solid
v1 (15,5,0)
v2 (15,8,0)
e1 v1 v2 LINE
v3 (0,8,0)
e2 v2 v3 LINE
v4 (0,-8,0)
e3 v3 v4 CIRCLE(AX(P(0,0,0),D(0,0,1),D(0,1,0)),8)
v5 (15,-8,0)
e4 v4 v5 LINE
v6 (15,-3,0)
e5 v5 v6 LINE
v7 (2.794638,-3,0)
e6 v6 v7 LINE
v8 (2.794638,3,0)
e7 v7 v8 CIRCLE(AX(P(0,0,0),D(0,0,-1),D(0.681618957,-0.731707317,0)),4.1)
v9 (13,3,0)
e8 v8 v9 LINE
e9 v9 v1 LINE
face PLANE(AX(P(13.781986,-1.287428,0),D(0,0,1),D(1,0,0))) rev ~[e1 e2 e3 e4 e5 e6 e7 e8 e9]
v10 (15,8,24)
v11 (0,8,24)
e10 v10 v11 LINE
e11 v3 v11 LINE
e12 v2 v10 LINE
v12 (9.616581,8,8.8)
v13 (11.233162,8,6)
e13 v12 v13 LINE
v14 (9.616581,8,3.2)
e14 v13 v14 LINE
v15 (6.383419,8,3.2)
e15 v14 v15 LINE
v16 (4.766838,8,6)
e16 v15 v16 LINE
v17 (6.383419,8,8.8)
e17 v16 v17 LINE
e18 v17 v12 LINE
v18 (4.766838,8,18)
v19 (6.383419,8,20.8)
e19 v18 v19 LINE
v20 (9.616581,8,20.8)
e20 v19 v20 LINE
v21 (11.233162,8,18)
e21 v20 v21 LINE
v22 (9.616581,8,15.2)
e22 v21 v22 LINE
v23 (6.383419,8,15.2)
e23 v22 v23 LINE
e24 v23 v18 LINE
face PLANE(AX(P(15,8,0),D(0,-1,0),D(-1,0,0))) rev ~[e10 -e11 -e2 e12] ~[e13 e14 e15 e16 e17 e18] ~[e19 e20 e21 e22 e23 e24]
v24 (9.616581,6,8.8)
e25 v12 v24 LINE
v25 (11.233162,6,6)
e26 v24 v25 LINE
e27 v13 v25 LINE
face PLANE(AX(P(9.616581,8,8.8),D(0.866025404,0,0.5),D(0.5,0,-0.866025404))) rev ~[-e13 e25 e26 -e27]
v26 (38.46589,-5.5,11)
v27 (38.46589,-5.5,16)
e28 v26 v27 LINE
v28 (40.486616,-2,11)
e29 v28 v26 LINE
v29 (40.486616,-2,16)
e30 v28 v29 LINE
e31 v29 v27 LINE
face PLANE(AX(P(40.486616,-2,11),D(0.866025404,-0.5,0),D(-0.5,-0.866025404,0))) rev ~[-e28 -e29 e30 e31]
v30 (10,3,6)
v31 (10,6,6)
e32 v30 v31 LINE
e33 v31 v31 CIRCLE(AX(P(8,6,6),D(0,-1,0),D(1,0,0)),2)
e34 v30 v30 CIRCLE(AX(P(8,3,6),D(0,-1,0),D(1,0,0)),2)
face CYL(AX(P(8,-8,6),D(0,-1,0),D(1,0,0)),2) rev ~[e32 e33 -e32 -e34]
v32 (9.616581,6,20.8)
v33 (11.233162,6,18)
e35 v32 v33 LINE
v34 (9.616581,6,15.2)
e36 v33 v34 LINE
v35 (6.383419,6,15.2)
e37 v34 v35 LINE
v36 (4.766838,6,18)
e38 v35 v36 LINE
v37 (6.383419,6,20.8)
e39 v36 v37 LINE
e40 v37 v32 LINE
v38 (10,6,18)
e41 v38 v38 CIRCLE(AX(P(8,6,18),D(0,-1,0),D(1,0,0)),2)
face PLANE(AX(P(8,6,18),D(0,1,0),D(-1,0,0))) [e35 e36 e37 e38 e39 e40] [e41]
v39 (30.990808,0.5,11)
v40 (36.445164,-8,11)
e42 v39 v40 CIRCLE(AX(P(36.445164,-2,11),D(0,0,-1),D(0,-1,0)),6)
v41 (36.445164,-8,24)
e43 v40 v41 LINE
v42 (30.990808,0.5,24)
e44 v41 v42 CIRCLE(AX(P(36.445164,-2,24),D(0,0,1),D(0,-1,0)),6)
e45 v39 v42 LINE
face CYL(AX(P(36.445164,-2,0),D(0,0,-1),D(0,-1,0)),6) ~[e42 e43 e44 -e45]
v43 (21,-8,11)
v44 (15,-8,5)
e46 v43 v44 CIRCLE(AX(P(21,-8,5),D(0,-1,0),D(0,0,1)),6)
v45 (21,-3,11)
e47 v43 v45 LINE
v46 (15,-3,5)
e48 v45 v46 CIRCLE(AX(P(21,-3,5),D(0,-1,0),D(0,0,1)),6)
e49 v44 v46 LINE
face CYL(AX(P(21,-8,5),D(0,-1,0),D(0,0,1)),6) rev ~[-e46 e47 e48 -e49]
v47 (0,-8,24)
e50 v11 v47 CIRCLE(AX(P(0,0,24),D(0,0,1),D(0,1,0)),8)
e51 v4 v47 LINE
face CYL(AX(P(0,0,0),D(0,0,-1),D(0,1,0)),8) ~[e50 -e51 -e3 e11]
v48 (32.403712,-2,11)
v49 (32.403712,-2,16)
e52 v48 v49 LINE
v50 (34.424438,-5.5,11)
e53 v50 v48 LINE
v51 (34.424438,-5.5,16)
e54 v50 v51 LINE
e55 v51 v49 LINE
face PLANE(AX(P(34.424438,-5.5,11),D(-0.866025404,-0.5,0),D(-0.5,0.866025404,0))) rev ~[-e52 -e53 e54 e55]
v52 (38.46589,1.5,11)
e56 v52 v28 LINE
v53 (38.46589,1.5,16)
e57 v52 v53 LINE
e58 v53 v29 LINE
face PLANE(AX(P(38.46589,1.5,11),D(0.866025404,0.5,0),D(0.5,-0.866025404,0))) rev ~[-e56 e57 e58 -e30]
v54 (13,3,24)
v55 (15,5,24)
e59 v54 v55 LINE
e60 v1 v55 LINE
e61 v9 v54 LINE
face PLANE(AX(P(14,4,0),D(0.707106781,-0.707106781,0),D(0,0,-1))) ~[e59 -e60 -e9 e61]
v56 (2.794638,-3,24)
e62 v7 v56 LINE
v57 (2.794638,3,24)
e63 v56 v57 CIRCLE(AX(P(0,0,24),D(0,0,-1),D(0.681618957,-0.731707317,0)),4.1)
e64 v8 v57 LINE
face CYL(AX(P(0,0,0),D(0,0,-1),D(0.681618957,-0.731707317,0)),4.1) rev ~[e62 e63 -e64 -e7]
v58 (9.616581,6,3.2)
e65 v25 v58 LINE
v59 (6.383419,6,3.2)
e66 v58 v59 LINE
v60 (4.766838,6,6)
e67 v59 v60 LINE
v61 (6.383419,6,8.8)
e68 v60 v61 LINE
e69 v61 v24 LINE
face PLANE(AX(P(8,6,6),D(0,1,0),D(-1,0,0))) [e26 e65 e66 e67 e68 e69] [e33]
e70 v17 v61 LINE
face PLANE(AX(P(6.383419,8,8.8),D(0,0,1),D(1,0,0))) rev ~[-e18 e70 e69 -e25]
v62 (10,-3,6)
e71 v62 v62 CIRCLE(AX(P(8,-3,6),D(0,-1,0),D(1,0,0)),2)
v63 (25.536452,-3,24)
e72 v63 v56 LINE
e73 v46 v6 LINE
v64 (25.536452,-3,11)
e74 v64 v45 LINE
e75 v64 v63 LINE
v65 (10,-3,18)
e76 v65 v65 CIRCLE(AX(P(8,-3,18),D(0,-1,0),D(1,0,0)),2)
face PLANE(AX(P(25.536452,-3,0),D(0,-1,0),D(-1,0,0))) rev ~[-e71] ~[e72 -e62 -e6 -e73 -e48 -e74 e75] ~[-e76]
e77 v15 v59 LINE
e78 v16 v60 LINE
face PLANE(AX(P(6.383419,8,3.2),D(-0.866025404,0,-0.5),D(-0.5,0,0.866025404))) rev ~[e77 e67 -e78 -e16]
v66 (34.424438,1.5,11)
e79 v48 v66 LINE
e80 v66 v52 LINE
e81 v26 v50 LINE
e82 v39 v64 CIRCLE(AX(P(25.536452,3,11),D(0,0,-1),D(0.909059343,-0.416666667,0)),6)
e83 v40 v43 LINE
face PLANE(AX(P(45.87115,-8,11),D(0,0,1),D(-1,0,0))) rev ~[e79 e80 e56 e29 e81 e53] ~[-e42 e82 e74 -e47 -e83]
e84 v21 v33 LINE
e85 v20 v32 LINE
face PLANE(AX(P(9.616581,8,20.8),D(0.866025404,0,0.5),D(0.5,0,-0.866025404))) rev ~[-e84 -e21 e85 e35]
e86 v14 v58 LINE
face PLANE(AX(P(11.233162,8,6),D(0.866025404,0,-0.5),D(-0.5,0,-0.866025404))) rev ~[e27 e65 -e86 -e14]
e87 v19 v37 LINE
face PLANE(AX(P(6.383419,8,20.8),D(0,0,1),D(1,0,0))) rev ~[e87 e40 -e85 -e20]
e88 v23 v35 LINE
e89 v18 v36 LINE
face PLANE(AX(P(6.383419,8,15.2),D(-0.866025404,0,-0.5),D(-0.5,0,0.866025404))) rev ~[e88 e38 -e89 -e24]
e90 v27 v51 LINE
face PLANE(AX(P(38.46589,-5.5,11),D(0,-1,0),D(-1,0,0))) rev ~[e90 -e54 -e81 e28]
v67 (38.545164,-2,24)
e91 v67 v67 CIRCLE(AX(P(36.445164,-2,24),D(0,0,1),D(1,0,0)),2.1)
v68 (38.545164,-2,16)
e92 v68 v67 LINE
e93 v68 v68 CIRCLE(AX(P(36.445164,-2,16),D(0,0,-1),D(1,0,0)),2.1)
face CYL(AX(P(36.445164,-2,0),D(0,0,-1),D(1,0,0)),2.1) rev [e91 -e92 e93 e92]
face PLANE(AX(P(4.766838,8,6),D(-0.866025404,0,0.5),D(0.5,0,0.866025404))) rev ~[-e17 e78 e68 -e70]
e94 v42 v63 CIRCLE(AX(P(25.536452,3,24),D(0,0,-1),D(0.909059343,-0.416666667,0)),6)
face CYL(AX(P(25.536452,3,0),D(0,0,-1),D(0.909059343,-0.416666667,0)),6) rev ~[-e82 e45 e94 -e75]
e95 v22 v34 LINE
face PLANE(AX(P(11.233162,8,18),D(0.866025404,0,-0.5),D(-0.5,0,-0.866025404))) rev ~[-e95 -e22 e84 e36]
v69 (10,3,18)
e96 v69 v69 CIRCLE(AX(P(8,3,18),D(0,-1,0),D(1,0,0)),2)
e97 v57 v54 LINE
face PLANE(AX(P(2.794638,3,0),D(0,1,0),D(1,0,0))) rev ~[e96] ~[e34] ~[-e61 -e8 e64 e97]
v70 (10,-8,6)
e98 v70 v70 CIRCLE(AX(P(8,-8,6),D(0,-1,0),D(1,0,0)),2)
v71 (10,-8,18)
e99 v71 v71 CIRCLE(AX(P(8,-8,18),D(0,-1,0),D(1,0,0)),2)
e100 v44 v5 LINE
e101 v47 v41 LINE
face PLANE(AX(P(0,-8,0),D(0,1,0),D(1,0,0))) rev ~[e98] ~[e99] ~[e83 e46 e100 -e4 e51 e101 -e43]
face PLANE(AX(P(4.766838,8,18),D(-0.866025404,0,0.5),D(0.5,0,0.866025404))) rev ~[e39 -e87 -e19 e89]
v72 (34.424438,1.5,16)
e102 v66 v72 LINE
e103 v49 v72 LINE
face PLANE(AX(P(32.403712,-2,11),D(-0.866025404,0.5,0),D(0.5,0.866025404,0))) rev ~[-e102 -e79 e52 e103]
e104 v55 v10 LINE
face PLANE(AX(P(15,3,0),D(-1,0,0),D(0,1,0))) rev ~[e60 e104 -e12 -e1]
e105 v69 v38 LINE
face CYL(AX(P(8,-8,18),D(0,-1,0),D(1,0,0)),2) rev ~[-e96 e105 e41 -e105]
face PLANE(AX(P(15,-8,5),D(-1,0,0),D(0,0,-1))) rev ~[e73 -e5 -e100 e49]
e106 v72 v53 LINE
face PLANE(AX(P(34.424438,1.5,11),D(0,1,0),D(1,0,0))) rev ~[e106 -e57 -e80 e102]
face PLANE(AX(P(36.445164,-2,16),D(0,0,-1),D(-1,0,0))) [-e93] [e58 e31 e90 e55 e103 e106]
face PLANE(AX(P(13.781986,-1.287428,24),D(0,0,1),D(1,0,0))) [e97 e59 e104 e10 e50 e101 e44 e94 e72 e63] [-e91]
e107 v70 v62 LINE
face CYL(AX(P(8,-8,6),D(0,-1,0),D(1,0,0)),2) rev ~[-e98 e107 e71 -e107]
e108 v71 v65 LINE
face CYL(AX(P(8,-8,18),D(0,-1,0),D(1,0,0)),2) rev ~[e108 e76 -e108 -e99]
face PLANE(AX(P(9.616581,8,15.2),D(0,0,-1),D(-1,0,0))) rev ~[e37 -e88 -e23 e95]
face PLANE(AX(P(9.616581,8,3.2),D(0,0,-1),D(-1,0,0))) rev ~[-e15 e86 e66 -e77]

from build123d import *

# Parameters (mm, degrees)
SKETCH1_R           = 2.1
BOSS_EXTRUDE1_DEPTH = 24
SKETCH2_R           = 2
CUT_EXTRUDE1_DEPTH  = 17
CUT_EXTRUDE2_DEPTH  = 2
CUT_EXTRUDE3_DEPTH  = 5
CHAMFER1_SIZE       = 2


with BuildPart() as part:
    # Sketch1 → Boss-Extrude1 (new body)
    with BuildSketch(Plane.XY):
        with BuildLine():
            Line((2.794637722, 3), (15, 3))
            Line((15, 3), (15, 8))
            Line((15, 8), (0, 8))
            ThreePointArc((0, 8), (-8, 0), (0, -8))
            Line((0, -8), (36.445164288, -8))
            ThreePointArc((36.445164288, -8), (41.494916757, 1.240370349), (30.990808231, 0.5))
            ThreePointArc((30.990808231, 0.5), (28.776822523, -2.049752469), (25.536452174, -3))
            Line((25.536452174, -3), (2.794637722, -3))
            ThreePointArc((2.794637722, -3), (-4.1, 0), (2.794637722, 3))
        make_face()
        with Locations((36.445164288, -2)):
            Circle(SKETCH1_R, mode=Mode.SUBTRACT)
    extrude(amount=BOSS_EXTRUDE1_DEPTH)

    # Sketch2 → Cut-Extrude1 (cut, through all)
    with BuildSketch(Plane.XZ.offset(8)):
        with Locations((8, 18)):
            Circle(SKETCH2_R)
        with Locations((8, 6)):
            Circle(SKETCH2_R)
        with BuildLine():
            Line((15, 5), (15, 0))
            Line((15, 0), (45.871149595, 0))
            Line((45.871149595, 0), (45.871149595, 11))
            Line((45.871149595, 11), (21, 11))
            ThreePointArc((21, 11), (16.757359313, 9.242640687), (15, 5))
        make_face()
    extrude(amount=-CUT_EXTRUDE1_DEPTH, mode=Mode.SUBTRACT)

    # Sketch3 → Cut-Extrude2 (cut)
    with BuildSketch(Plane(origin=(0, 8, 0), x_dir=(-1, 0, 0), z_dir=(0, 1, 0))):
        Polygon((-9.616580754, 8.8), (-11.233161507, 6), (-9.616580754, 3.2), (-6.383419246, 3.2), (-4.766838493, 6), (-6.383419246, 8.8), align=None)
        Polygon((-9.616580754, 20.8), (-11.233161507, 18), (-9.616580754, 15.2), (-6.383419246, 15.2), (-4.766838493, 18), (-6.383419246, 20.8), align=None)
    extrude(amount=-CUT_EXTRUDE2_DEPTH, mode=Mode.SUBTRACT)

    # Sketch4 → Cut-Extrude3 (cut)
    with BuildSketch(Plane(origin=(0, 0, 11), x_dir=(-1, 0, 0), z_dir=(0, 0, -1))):
        Polygon((-34.424438346, 1.5), (-38.46589023, 1.5), (-40.486616173, -2), (-38.46589023, -5.5), (-34.424438346, -5.5), (-32.403712404, -2), align=None)
    extrude(amount=-CUT_EXTRUDE3_DEPTH, mode=Mode.SUBTRACT)

    # Chamfer1
    chamfer1_edges = [part.edges().sort_by_distance(p)[0] for p in [
        (15, 3, 12),
    ]]
    chamfer(chamfer1_edges, length=CHAMFER1_SIZE)


solid = part.part
